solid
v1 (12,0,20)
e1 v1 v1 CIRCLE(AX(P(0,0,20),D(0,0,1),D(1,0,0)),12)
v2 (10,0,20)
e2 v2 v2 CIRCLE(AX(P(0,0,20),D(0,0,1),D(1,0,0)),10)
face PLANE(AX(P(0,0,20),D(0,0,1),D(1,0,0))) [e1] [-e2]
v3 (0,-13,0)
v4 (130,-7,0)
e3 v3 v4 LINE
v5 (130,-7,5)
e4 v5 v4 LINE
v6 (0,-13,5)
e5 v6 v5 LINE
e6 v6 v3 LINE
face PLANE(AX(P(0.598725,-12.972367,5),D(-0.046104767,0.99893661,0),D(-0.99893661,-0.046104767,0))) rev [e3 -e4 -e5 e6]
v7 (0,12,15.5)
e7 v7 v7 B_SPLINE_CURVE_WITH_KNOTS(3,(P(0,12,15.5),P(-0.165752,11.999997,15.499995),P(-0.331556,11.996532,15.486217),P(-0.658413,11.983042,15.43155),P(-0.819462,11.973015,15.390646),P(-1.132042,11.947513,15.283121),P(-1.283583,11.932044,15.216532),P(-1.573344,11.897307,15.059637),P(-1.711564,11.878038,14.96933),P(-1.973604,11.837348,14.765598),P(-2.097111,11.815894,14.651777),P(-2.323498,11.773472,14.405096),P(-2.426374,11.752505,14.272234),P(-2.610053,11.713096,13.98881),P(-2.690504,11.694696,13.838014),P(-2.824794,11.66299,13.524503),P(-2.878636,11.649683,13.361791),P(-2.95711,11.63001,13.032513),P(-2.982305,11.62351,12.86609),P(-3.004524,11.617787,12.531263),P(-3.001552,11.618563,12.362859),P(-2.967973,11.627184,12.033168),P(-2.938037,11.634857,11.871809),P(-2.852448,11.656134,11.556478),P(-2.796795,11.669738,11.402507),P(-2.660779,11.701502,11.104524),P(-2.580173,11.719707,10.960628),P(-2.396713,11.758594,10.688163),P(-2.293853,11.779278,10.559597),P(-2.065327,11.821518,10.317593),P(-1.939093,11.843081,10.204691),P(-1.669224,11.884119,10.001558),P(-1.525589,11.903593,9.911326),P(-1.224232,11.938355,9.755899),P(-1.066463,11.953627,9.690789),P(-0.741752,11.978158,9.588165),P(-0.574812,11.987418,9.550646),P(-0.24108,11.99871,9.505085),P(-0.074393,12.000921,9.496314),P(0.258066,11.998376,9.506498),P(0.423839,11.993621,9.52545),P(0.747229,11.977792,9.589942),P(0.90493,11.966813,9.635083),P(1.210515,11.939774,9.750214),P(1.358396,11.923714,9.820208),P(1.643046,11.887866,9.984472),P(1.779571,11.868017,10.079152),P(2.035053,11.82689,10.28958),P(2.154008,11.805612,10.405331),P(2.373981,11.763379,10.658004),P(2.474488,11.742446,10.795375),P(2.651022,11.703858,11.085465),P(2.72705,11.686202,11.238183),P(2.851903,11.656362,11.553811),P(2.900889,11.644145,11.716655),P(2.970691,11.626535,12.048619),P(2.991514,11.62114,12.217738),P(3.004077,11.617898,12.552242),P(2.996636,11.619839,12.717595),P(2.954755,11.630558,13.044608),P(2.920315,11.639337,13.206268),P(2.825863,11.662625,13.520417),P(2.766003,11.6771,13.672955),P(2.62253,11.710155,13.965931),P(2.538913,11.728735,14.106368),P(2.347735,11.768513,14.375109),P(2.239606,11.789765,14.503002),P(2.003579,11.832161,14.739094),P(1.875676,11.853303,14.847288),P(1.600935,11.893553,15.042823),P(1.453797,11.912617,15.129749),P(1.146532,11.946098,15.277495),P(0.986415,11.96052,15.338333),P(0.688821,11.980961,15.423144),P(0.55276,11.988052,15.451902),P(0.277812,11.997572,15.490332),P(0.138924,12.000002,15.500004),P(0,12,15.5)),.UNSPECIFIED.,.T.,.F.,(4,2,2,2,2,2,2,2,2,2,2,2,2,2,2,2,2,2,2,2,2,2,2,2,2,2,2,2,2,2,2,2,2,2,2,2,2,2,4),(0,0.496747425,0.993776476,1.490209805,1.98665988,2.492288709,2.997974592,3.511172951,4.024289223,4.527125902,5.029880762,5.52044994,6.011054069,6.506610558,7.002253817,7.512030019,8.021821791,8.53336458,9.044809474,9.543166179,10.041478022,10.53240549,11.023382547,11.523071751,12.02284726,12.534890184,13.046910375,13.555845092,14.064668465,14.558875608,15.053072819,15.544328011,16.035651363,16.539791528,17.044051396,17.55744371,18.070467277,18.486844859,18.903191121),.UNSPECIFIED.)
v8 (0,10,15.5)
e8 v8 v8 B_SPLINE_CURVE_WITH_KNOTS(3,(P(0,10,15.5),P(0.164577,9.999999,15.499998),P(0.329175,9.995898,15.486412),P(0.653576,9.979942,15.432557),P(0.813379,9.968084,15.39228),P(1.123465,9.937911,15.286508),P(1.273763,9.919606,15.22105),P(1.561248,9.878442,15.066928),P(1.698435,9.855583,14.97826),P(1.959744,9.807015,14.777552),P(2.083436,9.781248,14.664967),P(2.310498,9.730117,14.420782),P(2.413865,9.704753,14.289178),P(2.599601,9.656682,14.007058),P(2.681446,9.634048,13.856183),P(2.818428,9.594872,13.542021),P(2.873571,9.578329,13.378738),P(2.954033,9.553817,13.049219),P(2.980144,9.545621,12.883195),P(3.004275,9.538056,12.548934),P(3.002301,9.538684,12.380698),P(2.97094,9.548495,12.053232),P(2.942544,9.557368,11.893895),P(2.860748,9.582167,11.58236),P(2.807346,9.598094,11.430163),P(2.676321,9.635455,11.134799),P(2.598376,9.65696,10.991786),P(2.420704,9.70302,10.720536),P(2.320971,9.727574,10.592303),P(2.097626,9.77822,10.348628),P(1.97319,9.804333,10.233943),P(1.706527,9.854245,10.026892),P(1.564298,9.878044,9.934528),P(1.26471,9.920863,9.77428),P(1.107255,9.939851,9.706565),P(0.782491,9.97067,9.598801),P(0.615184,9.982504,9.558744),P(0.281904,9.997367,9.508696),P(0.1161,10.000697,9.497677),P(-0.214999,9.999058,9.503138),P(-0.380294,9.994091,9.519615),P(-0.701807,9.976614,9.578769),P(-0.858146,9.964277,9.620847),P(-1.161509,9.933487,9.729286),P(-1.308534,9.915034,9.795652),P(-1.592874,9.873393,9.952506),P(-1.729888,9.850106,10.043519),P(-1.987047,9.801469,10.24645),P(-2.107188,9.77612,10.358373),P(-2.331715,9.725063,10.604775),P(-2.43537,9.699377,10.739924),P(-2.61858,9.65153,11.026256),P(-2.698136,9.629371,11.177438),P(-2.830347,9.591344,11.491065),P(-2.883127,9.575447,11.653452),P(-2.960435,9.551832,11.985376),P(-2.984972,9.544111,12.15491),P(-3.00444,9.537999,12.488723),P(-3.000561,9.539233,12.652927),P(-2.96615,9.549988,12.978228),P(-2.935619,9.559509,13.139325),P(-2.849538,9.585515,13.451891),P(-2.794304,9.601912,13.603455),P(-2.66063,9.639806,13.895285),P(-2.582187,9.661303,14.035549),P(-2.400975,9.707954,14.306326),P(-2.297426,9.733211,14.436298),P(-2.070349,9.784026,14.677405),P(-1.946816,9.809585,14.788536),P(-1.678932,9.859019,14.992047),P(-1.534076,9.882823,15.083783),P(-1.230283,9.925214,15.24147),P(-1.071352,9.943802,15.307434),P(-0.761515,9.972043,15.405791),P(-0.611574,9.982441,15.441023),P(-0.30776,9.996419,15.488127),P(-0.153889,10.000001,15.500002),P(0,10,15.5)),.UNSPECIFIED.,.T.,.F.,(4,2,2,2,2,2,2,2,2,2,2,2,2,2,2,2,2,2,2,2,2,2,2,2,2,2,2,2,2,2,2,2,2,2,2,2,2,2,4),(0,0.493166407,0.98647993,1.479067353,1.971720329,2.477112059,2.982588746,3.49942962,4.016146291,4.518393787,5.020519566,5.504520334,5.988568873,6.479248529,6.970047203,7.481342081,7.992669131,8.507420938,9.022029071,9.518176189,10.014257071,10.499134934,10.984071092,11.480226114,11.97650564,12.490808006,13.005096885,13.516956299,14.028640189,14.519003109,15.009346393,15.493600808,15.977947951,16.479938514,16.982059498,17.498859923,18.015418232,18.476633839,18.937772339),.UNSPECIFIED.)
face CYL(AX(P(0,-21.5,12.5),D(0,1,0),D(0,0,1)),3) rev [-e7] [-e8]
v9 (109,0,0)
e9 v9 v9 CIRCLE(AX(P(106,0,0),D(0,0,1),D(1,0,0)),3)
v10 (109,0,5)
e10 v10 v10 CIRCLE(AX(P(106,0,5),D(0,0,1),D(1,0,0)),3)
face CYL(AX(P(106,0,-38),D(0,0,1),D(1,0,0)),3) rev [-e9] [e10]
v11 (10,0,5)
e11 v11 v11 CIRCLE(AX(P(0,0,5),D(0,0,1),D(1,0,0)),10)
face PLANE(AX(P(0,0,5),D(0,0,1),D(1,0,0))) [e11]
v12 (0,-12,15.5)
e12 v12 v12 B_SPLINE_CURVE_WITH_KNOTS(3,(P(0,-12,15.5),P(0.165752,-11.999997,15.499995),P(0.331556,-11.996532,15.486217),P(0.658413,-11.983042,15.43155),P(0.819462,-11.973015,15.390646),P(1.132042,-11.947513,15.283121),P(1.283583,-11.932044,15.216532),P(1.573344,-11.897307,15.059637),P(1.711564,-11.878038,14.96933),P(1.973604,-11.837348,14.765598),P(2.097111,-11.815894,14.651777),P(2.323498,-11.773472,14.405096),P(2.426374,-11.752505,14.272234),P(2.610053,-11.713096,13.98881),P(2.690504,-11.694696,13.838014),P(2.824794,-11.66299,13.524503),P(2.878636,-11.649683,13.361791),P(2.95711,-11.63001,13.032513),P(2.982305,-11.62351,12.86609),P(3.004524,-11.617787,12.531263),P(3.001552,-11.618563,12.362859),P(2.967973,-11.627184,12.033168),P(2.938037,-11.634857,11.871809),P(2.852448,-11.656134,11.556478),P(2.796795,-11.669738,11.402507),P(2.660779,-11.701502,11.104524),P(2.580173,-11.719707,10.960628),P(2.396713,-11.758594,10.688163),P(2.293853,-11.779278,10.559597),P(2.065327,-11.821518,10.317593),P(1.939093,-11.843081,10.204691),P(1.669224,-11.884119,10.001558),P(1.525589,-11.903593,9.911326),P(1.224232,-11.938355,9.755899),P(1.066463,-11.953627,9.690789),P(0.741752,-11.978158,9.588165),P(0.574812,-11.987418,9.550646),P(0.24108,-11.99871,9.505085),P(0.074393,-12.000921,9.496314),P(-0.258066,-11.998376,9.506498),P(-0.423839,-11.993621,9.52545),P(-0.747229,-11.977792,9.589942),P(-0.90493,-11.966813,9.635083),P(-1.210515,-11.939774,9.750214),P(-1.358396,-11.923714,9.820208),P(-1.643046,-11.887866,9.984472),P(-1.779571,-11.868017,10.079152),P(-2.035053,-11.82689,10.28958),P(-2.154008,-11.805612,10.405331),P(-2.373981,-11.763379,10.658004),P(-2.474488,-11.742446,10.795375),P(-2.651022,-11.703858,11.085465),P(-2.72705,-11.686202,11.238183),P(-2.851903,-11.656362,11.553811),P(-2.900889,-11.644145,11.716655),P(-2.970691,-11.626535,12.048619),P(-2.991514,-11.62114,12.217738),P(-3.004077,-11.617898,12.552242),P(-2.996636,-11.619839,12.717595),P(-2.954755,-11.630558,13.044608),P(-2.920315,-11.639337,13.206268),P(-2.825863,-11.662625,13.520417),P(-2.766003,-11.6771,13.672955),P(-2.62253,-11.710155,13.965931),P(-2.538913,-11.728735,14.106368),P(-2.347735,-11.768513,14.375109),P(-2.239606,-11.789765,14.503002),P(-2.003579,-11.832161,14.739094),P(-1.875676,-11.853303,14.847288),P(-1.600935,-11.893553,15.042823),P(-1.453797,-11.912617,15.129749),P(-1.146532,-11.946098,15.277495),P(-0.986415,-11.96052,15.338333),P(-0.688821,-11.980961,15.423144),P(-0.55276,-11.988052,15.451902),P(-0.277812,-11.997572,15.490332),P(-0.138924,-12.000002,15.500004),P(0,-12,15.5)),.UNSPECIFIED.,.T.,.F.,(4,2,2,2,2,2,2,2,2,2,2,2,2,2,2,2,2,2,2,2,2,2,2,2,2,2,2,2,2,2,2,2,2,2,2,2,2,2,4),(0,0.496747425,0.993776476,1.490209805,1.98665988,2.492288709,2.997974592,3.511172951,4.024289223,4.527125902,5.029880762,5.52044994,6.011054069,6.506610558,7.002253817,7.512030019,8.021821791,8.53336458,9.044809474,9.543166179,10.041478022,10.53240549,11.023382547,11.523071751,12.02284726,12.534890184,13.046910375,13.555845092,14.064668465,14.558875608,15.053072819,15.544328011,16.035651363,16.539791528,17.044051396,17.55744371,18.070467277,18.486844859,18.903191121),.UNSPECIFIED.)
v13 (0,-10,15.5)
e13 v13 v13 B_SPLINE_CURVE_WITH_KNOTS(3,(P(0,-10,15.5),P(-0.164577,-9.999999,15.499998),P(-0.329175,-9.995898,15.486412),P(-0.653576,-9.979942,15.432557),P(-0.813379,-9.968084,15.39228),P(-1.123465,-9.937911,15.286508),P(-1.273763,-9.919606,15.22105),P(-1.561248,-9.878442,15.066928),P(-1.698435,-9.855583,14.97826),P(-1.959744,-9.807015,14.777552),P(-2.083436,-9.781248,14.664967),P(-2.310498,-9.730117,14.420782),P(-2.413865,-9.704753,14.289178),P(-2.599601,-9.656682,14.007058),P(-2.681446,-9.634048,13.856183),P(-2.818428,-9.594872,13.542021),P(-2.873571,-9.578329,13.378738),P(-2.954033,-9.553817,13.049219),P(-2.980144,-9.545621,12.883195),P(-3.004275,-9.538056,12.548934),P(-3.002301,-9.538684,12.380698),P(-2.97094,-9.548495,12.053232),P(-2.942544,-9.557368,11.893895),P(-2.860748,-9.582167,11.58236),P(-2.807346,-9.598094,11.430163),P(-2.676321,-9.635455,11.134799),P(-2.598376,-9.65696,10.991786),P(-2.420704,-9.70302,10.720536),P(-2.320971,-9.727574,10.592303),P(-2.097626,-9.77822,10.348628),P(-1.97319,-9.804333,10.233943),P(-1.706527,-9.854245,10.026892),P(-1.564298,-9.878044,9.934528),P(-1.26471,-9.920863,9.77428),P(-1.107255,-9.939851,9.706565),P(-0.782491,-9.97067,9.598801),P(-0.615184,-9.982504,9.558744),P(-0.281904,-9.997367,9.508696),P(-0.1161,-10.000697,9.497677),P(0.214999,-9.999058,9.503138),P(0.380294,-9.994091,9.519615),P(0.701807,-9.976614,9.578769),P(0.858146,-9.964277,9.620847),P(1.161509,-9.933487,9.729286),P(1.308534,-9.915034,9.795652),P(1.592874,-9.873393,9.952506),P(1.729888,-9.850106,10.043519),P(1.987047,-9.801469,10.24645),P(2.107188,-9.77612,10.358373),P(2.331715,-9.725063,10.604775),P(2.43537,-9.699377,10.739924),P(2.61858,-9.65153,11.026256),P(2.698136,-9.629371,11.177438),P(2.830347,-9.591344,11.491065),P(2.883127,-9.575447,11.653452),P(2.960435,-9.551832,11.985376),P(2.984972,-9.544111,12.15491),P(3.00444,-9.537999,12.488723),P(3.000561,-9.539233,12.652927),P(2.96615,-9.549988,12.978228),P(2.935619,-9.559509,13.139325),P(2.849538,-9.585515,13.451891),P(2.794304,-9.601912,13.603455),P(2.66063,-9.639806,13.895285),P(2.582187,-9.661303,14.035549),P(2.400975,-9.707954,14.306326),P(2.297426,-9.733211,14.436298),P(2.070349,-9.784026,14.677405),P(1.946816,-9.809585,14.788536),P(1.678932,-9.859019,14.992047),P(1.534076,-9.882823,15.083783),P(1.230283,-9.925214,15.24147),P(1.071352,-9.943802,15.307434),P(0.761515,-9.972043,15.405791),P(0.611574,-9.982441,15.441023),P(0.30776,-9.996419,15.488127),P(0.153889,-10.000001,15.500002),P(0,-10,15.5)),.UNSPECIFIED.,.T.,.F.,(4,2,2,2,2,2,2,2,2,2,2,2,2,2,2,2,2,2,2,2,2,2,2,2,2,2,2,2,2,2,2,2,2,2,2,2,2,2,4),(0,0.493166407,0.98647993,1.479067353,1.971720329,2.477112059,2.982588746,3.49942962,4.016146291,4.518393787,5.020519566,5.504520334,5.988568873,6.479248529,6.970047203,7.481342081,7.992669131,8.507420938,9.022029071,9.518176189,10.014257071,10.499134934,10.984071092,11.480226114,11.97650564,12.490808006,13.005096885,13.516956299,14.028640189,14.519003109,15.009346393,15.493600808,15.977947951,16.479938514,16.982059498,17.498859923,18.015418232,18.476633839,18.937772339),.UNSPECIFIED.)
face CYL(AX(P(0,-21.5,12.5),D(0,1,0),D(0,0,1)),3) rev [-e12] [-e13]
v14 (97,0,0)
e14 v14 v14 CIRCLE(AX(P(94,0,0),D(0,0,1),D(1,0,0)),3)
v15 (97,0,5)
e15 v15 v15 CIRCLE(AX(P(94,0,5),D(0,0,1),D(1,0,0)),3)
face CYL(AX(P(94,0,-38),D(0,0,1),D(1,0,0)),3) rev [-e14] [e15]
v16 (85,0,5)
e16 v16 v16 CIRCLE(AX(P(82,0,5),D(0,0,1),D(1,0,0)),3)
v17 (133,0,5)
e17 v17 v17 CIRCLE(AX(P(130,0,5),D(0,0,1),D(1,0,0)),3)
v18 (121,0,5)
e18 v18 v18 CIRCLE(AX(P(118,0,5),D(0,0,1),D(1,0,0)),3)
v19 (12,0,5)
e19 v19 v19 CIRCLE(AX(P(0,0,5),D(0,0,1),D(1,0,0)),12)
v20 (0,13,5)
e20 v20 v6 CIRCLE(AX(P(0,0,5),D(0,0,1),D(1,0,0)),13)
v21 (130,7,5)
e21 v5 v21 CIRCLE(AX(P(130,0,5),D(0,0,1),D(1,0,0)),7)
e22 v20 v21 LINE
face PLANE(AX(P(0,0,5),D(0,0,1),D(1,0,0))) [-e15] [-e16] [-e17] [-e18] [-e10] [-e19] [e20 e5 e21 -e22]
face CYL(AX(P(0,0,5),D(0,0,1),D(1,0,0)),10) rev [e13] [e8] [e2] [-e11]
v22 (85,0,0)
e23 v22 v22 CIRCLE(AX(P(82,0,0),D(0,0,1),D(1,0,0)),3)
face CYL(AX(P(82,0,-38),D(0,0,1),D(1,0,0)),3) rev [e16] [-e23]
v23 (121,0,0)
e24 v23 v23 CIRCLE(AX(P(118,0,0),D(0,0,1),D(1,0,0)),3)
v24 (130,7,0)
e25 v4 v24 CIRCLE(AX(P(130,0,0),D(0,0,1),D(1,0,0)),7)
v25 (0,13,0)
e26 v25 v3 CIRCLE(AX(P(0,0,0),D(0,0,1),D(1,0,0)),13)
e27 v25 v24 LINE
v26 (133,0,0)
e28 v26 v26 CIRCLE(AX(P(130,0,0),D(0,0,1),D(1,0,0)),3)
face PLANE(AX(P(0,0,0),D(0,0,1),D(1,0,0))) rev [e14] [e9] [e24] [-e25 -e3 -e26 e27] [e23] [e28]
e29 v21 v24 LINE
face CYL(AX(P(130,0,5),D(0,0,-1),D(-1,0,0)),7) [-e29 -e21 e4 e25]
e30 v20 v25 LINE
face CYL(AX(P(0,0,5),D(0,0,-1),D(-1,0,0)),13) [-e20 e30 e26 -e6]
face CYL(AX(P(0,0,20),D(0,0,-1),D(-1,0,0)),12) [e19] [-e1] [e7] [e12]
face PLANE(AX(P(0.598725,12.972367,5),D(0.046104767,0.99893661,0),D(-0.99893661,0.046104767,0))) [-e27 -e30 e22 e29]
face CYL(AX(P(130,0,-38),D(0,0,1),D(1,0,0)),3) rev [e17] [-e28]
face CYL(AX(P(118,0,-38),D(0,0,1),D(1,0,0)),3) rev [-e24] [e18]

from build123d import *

# Parameters (mm, degrees)
SZKIC2_R                    = 7
DODANIE_WYCI_GNI_CIE1_DEPTH = 5
SZKIC5_R                    = 12
DODANIE_WYCI_GNI_CIE3_DEPTH = 15
SZKIC6_R                    = 10
WYTNIJ_WYCI_GNI_CIE1_DEPTH  = 15
SZKIC7_R                    = 3
WYTNIJ_WYCI_GNI_CIE2_DEPTH  = 21.5
SZKIC8_R                    = 3
WYTNIJ_WYCI_GNI_CIE3_DEPTH  = 43


with BuildPart() as part:
    # Szkic2 → Dodanie-wyciągnięcie1 (new body)
    with BuildSketch(Plane.XY):
        with BuildLine():
            Line((130, 7), (1.197449221, 12.944733113))
            ThreePointArc((1.197449221, 12.944733113), (9.606425971, 8.75880015), (13, 0))
            ThreePointArc((13, 0), (9.606425971, -8.75880015), (1.197449221, -12.944733113))
            Line((1.197449221, -12.944733113), (130, -7))
            ThreePointArc((130, -7), (123, 0), (130, 7))
        make_face()
        with Locations((130, 0)):
            Circle(SZKIC2_R)
        with BuildLine():
            Line((1.197449221, 12.944733113), (0, 13))
            ThreePointArc((0, 13), (-13, 0), (0, -13))
            Line((0, -13), (1.197449221, -12.944733113))
            ThreePointArc((1.197449221, -12.944733113), (9.606425971, -8.75880015), (13, 0))
            ThreePointArc((13, 0), (9.606425971, 8.75880015), (1.197449221, 12.944733113))
        make_face()
    extrude(amount=DODANIE_WYCI_GNI_CIE1_DEPTH)

    # Szkic5 → Dodanie-wyciągnięcie3 (add)
    with BuildSketch(Plane.XY.offset(5)):
        Circle(SZKIC5_R)
    extrude(amount=DODANIE_WYCI_GNI_CIE3_DEPTH)

    # Szkic6 → Wytnij-wyciągnięcie1 (cut)
    with BuildSketch(Plane.XY.offset(20)):
        Circle(SZKIC6_R)
    extrude(amount=-WYTNIJ_WYCI_GNI_CIE1_DEPTH, mode=Mode.SUBTRACT)

    # Szkic7 → Wytnij-wyciągnięcie2 (cut, symmetric)
    with BuildSketch(Plane(origin=(0, 0, 0), x_dir=(1, 0, 0), z_dir=(0, 1, 0))):
        with Locations((0, -12.5)):
            Circle(SZKIC7_R)
    extrude(amount=WYTNIJ_WYCI_GNI_CIE2_DEPTH, both=True, mode=Mode.SUBTRACT)

    # Szkic8 → Wytnij-wyciągnięcie3 (cut)
    with BuildSketch(Plane.XY.offset(5)):
        with Locations((130, 0)):
            Circle(SZKIC8_R)
        with Locations((118, 0)):
            Circle(SZKIC8_R)
        with Locations((106, 0)):
            Circle(SZKIC8_R)
        with Locations((94, 0)):
            Circle(SZKIC8_R)
        with Locations((82, 0)):
            Circle(SZKIC8_R)
    extrude(amount=-WYTNIJ_WYCI_GNI_CIE3_DEPTH, mode=Mode.SUBTRACT)


solid = part.part
